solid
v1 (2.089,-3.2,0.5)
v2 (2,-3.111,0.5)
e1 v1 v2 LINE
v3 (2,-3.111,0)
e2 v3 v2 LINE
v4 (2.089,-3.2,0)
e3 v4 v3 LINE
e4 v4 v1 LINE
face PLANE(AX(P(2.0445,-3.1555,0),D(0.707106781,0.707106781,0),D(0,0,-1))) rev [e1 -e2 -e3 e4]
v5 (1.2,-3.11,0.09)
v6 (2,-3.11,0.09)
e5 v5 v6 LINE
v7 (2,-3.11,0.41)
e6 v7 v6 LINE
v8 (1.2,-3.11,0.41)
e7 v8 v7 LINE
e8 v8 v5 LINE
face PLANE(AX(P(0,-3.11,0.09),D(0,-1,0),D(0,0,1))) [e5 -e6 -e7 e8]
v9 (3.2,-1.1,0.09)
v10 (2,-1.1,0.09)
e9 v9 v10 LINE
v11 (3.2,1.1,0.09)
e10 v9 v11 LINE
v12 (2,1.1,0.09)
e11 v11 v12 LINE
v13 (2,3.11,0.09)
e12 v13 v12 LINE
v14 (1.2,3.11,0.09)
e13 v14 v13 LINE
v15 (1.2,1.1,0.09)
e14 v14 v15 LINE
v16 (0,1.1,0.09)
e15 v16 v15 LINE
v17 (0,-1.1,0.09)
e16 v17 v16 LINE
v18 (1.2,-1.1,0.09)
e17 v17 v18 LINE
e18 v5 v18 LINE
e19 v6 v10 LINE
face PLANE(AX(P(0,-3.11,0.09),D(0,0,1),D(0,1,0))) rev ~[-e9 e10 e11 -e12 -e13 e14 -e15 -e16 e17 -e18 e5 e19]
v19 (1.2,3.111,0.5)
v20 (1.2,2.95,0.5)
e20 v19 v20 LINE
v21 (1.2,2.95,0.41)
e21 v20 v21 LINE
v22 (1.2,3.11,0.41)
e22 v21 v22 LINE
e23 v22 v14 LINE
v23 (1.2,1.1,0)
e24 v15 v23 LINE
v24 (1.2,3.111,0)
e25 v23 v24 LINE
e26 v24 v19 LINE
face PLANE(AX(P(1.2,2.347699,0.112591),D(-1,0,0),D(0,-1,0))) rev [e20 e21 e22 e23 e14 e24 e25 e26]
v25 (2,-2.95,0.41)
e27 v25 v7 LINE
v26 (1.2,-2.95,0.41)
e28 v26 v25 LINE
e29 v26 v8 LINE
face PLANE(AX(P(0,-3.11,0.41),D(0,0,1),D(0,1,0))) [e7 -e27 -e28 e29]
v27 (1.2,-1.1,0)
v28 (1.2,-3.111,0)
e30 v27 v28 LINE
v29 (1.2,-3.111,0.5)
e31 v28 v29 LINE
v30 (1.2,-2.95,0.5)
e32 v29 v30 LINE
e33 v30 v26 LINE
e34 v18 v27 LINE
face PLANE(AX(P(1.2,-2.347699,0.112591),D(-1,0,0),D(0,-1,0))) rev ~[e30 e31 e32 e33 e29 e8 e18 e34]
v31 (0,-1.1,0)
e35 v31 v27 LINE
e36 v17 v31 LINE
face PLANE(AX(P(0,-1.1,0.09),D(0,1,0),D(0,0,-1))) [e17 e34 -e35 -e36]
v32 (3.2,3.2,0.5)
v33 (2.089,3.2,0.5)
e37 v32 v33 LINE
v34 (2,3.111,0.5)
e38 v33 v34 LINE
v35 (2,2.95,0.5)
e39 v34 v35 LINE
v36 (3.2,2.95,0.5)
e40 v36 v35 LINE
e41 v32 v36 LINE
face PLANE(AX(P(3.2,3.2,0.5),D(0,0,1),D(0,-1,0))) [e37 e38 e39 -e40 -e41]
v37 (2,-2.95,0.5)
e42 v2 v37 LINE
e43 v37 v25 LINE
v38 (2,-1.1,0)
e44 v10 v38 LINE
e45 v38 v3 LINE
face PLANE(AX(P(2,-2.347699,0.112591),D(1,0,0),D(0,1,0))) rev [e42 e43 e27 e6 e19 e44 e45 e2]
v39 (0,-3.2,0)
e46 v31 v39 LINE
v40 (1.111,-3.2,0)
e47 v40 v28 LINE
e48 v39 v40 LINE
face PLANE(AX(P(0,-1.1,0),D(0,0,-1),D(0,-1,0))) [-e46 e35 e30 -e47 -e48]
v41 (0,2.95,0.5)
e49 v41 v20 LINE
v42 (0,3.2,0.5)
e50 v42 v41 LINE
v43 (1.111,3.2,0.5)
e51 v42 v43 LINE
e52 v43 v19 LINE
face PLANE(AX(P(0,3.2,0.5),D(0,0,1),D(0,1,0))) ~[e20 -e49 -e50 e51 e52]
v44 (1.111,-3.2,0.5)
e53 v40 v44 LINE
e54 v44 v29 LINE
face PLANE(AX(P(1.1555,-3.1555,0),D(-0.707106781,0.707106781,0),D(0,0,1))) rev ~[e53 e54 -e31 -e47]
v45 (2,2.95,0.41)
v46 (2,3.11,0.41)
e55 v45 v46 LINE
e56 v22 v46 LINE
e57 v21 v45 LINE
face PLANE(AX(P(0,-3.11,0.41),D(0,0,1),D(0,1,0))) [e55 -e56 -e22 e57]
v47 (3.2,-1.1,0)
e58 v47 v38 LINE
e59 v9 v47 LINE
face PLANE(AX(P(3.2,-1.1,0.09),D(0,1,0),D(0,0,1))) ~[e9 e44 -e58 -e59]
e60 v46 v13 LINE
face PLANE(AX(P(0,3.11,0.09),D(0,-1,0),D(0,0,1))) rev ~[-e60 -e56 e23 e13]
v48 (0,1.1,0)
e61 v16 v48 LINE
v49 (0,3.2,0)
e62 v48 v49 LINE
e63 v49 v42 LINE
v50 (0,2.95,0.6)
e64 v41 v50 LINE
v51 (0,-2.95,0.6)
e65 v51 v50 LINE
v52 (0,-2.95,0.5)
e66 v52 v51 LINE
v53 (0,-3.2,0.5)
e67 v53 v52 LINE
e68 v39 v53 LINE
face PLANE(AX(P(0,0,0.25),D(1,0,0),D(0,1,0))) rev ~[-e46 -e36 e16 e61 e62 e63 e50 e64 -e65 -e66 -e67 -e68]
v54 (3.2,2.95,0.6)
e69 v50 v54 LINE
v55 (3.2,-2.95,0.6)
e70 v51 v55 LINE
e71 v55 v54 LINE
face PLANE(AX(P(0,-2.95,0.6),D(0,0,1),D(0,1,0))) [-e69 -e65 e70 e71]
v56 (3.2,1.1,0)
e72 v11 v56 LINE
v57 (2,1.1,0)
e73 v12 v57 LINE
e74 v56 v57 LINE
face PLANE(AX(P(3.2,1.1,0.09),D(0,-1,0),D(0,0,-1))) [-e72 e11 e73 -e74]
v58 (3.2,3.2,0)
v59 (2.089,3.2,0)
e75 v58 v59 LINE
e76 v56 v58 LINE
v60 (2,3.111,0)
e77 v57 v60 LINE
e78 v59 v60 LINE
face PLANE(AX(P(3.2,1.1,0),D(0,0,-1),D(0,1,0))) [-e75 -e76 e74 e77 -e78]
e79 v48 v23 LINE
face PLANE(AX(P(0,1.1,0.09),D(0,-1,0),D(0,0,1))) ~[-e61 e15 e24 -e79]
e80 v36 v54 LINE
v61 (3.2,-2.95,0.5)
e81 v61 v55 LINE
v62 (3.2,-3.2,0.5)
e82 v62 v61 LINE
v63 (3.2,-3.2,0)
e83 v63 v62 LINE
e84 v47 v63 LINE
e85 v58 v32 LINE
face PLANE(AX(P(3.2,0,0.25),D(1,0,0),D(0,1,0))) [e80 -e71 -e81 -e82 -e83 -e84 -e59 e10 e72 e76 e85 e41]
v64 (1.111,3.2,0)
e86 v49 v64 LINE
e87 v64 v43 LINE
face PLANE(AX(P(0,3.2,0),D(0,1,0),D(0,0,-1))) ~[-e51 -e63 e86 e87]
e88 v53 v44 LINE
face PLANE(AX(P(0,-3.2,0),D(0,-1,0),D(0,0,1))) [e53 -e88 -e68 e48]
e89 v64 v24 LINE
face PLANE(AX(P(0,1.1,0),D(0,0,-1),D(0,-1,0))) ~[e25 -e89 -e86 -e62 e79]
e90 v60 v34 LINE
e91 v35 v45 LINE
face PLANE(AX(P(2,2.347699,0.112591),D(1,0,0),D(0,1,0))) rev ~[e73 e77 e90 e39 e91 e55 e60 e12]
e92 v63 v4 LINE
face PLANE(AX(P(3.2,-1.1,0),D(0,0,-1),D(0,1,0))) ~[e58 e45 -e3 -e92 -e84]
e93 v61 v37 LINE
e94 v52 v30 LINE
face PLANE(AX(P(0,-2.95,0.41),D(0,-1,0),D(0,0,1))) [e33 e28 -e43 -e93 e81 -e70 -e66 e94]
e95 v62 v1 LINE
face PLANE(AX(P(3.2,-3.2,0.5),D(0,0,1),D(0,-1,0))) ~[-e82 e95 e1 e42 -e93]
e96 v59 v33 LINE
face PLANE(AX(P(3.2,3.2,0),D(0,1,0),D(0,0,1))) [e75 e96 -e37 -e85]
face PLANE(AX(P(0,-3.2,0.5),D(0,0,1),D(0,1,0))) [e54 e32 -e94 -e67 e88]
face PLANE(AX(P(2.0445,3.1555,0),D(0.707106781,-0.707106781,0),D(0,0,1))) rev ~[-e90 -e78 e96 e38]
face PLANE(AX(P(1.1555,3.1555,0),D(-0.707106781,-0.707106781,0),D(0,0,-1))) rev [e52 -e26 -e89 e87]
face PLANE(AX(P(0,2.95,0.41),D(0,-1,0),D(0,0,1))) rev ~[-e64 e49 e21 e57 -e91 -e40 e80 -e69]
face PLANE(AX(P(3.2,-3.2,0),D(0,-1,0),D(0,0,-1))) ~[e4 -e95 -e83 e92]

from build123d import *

# Parameters (mm, degrees)
SKETCH001_W  = 5.9
SKETCH001_H  = 0.19
PAD001_DEPTH = 3.2
SKETCH_W     = 6.22
SKETCH_H     = 0.32
PAD_DEPTH    = 3.2
PAD002_DEPTH = 1.2
CHAMFER_SIZE = 0.089


with BuildPart() as body001:
    # Sketch001 → Pad001 (new body)
    with BuildSketch(Plane.YZ):
        with Locations((0, 0.505)):
            Rectangle(SKETCH001_W, SKETCH001_H)
    extrude(amount=PAD001_DEPTH)


with BuildPart() as fusion002:
    # Sketch → Pad (new body)
    with BuildSketch(Plane.YZ):
        with Locations((0, 0.25)):
            Rectangle(SKETCH_W, SKETCH_H)
    extrude(amount=PAD_DEPTH)

    # Fusion002: union Body001
    add(body001.part)


with BuildPart() as body002:
    # Sketch002 → Pad002 (new body)
    with BuildSketch(Plane.YZ):
        Polygon((-2.95, 0.41), (-3.11, 0.41), (-3.11, 0.09), (-1.1, 0.09), (-1.1, 0), (-3.2, 0), (-3.2, 0.5), (-2.95, 0.5), align=None)
    extrude(amount=PAD002_DEPTH)

    # Chamfer
    chamfer_edges = [body002.edges().sort_by_distance(p)[0] for p in [
        (1.2, -3.2, 0.25),
    ]]
    chamfer(chamfer_edges, length=CHAMFER_SIZE)


with BuildPart() as mirror_of_body002:
    # mirror: instance of Body002
    add(body002.part.mirror(Plane(origin=(1.6, 0, 0), x_dir=(0, -1, 0), z_dir=(1, 0, 0))))


with BuildPart() as fusion:
    # Fusion base: copy of Body002
    add(body002.part)

    # Fusion: union Mirror of Body002
    add(mirror_of_body002.part)


with BuildPart() as mirror_of_fusion:
    # mirror001: instance of Fusion
    add(fusion.part.mirror(Plane(origin=(0, 0, 0), x_dir=(1, 0, 0), z_dir=(0, 1, 0))))


with BuildPart() as lvk24:
    # Fusion001 base: copy of Fusion
    add(fusion.part)

    # Fusion001: union Mirror of Fusion
    add(mirror_of_fusion.part)

    # Fusion003: union Fusion002
    add(fusion002.part)


solid = lvk24.part
